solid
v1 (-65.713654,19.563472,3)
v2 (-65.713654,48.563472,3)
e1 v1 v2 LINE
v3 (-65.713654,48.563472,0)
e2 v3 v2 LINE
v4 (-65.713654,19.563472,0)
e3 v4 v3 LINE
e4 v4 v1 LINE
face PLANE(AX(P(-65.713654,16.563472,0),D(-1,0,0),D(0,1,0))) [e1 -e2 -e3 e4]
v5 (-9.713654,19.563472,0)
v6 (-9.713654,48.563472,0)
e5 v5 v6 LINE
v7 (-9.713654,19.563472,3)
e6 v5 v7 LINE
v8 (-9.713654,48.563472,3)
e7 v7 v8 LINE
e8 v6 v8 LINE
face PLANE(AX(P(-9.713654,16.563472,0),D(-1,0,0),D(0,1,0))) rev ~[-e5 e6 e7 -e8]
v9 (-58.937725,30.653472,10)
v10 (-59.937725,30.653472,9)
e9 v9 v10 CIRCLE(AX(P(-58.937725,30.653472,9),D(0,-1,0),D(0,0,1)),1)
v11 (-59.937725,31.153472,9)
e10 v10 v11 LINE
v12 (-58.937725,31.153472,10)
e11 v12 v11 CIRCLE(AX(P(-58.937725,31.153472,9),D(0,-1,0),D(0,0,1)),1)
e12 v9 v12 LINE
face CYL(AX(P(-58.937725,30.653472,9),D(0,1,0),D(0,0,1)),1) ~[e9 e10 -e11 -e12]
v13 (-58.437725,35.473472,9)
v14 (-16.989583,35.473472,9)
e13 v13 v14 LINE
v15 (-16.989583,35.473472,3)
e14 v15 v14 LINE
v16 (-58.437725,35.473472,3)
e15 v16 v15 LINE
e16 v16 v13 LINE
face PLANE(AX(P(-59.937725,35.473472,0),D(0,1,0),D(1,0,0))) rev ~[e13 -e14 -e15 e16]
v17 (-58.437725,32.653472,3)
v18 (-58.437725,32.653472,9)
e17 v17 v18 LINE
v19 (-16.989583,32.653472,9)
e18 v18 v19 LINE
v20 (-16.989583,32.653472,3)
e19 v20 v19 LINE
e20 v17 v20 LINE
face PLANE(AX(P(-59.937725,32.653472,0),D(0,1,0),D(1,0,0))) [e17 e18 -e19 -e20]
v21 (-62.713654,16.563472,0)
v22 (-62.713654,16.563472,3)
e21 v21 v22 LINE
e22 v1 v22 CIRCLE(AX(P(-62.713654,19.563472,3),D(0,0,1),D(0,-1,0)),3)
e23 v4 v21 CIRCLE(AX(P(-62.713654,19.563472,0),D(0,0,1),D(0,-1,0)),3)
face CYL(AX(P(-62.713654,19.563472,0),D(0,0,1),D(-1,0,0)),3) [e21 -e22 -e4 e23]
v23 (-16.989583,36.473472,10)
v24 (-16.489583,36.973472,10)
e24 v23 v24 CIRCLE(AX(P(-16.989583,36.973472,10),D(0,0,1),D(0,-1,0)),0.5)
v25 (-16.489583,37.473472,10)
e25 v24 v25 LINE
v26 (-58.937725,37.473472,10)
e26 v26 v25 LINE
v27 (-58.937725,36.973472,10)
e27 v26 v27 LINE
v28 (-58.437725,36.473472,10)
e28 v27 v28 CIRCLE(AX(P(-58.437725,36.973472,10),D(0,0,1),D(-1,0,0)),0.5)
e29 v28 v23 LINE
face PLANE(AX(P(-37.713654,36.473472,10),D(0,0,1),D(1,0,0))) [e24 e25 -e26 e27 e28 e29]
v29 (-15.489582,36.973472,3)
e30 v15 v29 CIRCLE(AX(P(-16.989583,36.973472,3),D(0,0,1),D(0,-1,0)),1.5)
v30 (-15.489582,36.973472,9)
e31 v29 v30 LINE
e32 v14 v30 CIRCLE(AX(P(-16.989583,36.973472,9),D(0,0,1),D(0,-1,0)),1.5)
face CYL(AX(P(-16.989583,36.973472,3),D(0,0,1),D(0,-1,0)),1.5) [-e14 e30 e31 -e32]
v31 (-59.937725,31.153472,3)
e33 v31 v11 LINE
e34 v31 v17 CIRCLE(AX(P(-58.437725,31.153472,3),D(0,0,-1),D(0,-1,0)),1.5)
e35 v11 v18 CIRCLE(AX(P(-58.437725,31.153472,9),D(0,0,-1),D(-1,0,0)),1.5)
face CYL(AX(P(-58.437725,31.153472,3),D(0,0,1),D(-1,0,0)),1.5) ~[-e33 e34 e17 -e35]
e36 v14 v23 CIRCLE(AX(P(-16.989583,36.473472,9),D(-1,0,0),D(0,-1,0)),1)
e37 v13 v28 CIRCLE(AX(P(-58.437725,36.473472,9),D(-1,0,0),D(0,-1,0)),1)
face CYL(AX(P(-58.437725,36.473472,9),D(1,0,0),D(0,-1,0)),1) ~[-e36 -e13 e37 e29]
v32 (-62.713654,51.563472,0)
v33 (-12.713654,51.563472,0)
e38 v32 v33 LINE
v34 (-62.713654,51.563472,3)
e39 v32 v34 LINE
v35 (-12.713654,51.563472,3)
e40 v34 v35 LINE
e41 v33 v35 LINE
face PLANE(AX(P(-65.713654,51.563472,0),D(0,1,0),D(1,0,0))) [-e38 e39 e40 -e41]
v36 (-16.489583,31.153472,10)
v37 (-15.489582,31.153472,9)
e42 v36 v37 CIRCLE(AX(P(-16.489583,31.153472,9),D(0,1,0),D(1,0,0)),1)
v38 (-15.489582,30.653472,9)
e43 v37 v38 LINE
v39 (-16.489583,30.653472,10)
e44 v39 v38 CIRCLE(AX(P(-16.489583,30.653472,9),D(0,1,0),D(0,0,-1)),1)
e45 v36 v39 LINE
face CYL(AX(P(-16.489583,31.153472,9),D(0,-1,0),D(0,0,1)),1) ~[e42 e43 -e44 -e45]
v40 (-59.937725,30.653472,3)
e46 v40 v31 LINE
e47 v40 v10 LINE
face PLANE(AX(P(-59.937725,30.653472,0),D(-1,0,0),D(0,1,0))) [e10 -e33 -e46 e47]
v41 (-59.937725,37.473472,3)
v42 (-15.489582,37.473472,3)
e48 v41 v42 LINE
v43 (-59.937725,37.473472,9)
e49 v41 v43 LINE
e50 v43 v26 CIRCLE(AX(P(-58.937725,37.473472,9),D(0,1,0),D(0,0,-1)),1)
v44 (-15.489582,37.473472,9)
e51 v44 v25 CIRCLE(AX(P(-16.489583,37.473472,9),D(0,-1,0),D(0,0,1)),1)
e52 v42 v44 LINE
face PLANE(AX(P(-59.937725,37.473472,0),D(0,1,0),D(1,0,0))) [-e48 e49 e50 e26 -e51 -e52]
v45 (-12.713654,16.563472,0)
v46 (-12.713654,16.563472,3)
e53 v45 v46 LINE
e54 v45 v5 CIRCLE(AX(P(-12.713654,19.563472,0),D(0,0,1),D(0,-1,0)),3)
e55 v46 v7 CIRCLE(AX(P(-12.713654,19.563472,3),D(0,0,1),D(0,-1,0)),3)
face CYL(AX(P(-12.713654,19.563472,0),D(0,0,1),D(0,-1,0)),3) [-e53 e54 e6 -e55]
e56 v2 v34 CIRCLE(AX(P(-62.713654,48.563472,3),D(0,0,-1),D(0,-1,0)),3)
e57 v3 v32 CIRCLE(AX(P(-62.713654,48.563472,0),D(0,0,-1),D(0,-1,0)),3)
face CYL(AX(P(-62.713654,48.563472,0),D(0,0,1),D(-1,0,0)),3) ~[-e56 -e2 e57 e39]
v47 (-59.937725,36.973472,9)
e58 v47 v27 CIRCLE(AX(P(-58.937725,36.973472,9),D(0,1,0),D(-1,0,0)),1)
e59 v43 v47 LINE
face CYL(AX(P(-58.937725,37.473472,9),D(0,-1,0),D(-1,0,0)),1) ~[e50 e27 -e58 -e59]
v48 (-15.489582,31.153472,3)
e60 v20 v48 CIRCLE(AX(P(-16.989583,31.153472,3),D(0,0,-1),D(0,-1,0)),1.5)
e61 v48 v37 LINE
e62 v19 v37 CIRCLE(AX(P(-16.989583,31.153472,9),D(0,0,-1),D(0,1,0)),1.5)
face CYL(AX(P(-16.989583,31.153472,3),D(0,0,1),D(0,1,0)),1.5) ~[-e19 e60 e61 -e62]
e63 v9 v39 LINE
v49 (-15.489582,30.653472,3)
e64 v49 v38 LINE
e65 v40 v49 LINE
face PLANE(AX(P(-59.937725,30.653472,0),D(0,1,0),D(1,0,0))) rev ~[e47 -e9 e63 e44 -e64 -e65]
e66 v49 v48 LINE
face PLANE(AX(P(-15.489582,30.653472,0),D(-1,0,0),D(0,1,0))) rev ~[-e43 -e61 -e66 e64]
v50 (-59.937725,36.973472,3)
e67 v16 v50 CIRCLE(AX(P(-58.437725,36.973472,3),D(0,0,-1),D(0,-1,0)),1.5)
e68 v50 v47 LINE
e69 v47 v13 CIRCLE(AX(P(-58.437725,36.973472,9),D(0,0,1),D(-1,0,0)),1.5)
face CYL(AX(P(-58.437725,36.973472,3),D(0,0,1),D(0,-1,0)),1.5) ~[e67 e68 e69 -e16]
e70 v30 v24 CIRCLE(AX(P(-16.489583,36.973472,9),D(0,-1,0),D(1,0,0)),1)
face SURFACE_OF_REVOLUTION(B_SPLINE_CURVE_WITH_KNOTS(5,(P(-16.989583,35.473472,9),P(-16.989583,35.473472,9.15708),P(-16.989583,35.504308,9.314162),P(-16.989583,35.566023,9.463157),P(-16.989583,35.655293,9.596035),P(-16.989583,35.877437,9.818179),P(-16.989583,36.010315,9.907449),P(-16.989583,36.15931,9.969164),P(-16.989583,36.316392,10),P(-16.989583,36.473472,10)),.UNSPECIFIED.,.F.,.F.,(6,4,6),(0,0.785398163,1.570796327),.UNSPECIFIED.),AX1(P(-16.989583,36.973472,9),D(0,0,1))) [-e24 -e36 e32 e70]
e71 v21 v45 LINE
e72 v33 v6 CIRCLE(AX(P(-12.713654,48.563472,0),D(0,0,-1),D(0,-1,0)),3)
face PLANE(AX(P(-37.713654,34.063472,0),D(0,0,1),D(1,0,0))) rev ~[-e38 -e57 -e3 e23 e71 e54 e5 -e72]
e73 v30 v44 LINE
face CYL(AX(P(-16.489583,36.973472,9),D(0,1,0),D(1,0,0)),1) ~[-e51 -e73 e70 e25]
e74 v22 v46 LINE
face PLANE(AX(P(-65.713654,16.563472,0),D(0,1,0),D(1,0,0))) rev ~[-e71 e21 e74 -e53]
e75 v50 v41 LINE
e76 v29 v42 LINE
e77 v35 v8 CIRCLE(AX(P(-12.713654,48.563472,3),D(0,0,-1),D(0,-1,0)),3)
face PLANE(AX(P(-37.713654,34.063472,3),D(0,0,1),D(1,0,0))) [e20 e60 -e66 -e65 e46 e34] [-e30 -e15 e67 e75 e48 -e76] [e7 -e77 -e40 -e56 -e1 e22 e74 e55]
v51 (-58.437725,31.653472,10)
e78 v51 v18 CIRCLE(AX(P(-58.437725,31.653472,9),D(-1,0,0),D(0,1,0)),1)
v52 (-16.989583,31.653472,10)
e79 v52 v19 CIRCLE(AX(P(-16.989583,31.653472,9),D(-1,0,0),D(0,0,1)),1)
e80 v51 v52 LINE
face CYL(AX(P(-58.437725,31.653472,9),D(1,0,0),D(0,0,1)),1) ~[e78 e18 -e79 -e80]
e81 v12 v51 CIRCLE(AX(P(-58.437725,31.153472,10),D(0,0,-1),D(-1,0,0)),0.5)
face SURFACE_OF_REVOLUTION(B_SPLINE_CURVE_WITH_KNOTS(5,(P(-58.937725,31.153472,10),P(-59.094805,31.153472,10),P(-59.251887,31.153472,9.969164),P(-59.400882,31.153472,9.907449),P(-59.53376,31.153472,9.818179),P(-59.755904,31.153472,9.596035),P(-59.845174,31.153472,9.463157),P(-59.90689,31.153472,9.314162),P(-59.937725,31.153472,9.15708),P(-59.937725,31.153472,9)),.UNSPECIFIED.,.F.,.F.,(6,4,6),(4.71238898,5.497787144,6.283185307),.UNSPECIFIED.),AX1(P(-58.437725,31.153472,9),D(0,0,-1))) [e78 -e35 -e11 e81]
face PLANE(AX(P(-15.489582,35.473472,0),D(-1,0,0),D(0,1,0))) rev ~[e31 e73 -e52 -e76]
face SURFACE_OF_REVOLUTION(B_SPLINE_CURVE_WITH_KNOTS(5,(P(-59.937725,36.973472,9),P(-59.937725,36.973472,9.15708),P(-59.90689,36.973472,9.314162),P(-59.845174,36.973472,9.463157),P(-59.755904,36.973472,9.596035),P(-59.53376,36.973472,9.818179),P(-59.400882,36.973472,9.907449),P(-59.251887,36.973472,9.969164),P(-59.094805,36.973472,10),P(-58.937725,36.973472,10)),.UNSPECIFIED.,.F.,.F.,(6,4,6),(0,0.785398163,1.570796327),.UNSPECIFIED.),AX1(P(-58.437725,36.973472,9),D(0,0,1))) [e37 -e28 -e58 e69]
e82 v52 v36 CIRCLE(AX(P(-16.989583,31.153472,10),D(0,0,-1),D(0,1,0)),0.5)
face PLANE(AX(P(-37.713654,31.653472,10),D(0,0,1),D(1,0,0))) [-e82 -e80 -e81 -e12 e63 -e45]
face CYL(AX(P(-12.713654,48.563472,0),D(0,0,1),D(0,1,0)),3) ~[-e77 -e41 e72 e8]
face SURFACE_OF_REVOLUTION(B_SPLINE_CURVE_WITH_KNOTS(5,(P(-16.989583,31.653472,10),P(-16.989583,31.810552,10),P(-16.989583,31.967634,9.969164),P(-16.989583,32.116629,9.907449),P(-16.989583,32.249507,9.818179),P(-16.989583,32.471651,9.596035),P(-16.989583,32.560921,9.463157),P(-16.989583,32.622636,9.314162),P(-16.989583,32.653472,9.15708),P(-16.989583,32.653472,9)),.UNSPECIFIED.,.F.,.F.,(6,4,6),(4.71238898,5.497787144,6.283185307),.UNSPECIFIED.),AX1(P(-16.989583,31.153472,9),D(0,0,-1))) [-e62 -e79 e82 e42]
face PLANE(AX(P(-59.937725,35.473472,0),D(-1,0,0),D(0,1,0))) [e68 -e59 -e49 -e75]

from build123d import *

# Parameters (mm, degrees)
F0_W     = 56
F0_H     = 35
F0_W_2   = 44.448143
F0_H_2   = 2
F1_DEPTH = 3
F2_DEPTH = 10
F3_R     = 1.5
F4_R     = 1
F5_R     = 3


with BuildPart() as f1:
    # F0 (on Top) → F1 (new body)
    with BuildSketch(Plane.XY):
        with Locations((-37.713654, 34.063472)):
            Rectangle(F0_W, F0_H)
        with Locations((-37.713654, 31.653472)):
            Rectangle(F0_W_2, F0_H_2, mode=Mode.SUBTRACT)
        with Locations((-37.713654, 36.473472)):
            Rectangle(F0_W_2, F0_H_2, mode=Mode.SUBTRACT)
    extrude(amount=F1_DEPTH)

    # F0 (on Top) → F2 (join)
    with BuildSketch(Plane.XY):
        with Locations((-37.713654, 31.653472)):
            Rectangle(F0_W_2, F0_H_2)
        with Locations((-37.713654, 36.473472)):
            Rectangle(F0_W_2, F0_H_2)
    extrude(amount=F2_DEPTH)

    # F3
    f3_edges = [f1.edges().sort_by_distance(p)[0] for p in [
        (-59.937726, 35.473472, 6.5),
        (-59.937726, 32.653472, 6.5),
        (-15.489583, 35.473472, 6.5),
        (-15.489583, 32.653472, 6.5),
    ]]
    fillet(f3_edges, radius=F3_R)

    # F4
    f4_edges = [f1.edges().sort_by_distance(p)[0] for p in [
        (-37.713654, 35.473472, 10),
        (-37.713654, 32.653472, 10),
    ]]
    fillet(f4_edges, radius=F4_R)

    # F5
    f5_edges = [f1.edges().sort_by_distance(p)[0] for p in [
        (-9.713654, 51.563472, 1.5),
        (-65.713654, 16.563472, 1.5),
        (-65.713654, 51.563472, 1.5),
        (-9.713654, 16.563472, 1.5),
    ]]
    fillet(f5_edges, radius=F5_R)


solid = f1.part
